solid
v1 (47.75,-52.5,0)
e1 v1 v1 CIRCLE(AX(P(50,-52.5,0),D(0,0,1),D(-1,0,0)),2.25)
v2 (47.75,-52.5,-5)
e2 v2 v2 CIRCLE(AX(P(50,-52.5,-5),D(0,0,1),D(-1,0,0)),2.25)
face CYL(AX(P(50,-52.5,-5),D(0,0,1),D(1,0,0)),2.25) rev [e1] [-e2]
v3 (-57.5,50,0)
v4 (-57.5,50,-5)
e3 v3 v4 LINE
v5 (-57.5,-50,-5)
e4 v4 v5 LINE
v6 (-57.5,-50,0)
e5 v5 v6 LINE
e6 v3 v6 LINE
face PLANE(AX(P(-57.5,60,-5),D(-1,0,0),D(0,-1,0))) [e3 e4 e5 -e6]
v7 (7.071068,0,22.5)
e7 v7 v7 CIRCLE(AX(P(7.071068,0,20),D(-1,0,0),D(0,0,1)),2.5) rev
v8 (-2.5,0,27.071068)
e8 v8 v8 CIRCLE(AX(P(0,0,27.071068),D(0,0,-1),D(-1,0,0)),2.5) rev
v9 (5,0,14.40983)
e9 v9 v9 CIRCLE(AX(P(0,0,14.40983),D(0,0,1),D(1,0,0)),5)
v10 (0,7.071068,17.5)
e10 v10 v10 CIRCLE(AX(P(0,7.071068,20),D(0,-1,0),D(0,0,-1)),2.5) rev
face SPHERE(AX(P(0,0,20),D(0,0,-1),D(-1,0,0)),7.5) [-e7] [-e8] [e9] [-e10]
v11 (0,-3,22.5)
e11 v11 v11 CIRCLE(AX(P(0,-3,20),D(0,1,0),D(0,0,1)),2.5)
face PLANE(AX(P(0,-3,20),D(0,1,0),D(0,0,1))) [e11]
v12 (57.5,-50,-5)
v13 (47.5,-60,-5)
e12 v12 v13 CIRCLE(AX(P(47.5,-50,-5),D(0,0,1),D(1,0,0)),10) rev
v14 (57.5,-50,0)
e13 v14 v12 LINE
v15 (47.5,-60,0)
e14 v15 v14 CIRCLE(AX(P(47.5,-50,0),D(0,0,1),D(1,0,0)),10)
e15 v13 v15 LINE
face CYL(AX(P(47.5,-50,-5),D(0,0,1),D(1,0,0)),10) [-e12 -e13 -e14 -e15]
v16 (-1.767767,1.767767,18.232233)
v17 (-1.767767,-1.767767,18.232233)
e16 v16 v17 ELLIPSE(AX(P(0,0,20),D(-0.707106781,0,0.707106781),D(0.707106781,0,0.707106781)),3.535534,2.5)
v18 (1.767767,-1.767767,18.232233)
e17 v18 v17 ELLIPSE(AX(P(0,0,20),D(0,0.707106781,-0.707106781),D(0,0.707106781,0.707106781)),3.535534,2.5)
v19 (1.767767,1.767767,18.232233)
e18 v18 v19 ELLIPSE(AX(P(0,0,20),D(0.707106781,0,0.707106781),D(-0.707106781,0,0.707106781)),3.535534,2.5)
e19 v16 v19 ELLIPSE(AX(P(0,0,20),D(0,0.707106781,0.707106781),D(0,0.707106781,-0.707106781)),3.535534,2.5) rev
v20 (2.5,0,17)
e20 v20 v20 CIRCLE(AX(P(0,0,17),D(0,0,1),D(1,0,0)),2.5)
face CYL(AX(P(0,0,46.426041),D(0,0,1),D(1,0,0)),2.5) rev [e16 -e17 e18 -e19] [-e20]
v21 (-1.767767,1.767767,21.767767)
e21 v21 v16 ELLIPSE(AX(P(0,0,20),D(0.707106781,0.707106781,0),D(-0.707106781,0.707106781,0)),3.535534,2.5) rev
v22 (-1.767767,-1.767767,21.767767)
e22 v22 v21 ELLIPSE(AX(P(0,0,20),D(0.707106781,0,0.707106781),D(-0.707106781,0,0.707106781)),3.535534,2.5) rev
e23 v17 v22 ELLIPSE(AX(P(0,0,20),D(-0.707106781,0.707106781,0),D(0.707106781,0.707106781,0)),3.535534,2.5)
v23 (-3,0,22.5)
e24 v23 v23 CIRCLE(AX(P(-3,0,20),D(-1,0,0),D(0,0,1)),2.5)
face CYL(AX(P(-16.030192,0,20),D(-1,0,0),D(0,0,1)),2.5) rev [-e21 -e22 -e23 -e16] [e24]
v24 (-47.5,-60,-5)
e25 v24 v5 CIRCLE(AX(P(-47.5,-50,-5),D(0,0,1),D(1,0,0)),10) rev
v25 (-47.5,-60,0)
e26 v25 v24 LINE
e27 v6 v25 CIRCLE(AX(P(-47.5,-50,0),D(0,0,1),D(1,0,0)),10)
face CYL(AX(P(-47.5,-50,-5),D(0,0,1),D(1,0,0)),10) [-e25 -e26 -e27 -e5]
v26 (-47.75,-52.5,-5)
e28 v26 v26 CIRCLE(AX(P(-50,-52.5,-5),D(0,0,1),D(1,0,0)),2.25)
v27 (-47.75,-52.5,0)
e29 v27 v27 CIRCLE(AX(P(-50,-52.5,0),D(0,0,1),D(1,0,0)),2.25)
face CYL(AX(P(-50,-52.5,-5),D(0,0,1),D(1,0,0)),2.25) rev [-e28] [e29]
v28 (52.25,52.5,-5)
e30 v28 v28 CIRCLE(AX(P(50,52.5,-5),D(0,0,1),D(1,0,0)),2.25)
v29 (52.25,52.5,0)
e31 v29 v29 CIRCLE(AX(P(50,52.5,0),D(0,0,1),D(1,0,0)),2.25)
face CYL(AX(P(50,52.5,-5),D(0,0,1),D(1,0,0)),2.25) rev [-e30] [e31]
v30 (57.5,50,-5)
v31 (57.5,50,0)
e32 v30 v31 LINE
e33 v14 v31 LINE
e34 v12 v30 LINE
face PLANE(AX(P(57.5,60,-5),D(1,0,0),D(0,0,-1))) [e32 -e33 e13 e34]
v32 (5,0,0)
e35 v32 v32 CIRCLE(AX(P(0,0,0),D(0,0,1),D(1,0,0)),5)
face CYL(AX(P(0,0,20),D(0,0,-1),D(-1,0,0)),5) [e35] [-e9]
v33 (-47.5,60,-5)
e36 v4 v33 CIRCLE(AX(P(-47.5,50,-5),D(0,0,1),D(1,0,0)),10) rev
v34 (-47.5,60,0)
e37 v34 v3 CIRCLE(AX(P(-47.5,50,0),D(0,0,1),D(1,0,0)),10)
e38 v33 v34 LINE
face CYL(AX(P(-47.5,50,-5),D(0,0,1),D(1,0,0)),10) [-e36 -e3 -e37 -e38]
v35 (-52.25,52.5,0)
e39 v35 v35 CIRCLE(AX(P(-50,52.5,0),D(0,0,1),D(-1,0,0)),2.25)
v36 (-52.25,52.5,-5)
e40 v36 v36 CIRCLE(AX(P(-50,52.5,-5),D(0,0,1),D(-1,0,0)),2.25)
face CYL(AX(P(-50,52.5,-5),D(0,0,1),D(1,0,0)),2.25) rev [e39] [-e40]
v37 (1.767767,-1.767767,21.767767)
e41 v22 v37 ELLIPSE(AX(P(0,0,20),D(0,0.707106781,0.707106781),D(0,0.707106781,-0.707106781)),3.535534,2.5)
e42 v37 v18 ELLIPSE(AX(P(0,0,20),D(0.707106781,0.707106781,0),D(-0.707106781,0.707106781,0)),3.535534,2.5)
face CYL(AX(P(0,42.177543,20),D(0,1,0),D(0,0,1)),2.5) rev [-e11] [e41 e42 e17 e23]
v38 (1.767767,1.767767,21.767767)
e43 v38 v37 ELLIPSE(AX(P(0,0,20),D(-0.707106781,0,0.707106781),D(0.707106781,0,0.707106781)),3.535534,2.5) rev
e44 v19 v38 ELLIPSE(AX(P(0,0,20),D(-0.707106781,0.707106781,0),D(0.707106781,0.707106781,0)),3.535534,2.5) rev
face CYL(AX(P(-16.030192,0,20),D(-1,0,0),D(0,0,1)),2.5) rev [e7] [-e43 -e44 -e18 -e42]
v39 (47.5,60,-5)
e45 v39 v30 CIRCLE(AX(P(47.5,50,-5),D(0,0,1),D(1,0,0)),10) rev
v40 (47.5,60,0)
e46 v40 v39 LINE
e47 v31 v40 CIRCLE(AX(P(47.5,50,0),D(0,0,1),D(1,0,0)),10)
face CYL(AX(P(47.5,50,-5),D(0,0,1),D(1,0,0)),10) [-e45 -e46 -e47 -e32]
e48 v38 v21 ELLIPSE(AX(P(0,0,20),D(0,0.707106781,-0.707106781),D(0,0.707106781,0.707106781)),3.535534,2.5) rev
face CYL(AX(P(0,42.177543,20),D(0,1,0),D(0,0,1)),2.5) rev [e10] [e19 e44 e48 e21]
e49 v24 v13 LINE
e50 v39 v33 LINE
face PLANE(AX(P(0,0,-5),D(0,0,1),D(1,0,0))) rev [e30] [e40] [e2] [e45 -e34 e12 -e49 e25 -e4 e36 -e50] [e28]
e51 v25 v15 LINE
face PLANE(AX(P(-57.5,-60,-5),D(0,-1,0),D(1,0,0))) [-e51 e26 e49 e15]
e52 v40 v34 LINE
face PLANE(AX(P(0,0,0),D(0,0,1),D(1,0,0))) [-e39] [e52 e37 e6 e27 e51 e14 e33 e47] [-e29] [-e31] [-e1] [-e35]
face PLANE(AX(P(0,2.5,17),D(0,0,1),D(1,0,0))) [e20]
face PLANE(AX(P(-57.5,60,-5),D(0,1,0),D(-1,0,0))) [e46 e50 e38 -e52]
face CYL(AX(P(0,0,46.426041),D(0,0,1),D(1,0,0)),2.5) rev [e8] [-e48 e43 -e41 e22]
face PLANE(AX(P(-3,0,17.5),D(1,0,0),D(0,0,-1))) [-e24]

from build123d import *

# Parameters (mm, degrees)
SKETCH2_W           = 115
SKETCH2_H           = 120
SKETCH2_R           = 2.25
BOSS_EXTRUDE1_DEPTH = 5
SKETCH3_R           = 5
BOSS_EXTRUDE2_DEPTH = 20
SKETCH6_W           = 2.5
SKETCH6_H           = 18
SKETCH8_W           = 18
SKETCH8_H           = 2.5
SKETCH9_W           = 18
SKETCH9_H           = 2.5
FILLET1_R           = 10


with BuildPart() as part:
    # Sketch2 → Boss-Extrude1 (new body)
    with BuildSketch(Plane.XY):
        Rectangle(SKETCH2_W, SKETCH2_H)
        with Locations((50, 52.5)):
            Circle(SKETCH2_R, mode=Mode.SUBTRACT)
        with Locations((50, -52.5)):
            Circle(SKETCH2_R, mode=Mode.SUBTRACT)
        with Locations((-50, -52.5)):
            Circle(SKETCH2_R, mode=Mode.SUBTRACT)
        with Locations((-50, 52.5)):
            Circle(SKETCH2_R, mode=Mode.SUBTRACT)
    extrude(amount=-BOSS_EXTRUDE1_DEPTH)

    # Sketch3 → Boss-Extrude2 (add)
    with BuildSketch(Plane.XY):
        Circle(SKETCH3_R)
    extrude(amount=BOSS_EXTRUDE2_DEPTH)

    # Sketch4 → Revolve3 (revolve)
    with BuildSketch(Plane(origin=(0, 0, 0), x_dir=(1, 0, 0), z_dir=(0, 1, 0))):
        with BuildLine():
            Line((0, -12.5), (0, -27.5))
            ThreePointArc((0, -27.5), (7.5, -20), (0, -12.5))
        make_face()
    revolve(axis=Axis((0, 0, -22.886774461), (0, 0, 1)))

    # Sketch6 → Cut-Revolve1 (revolve, cut)
    with BuildSketch(Plane(origin=(0, 0, 0), x_dir=(0, 0, -1), z_dir=(1, 0, 0))):
        with Locations((-18.75, 6)):
            Rectangle(SKETCH6_W, SKETCH6_H)
    revolve(axis=Axis((0, 42.177542576, 20), (0, -1, 0)), mode=Mode.SUBTRACT)

    # Sketch8 → Cut-Revolve2 (revolve, cut)
    with BuildSketch(Plane(origin=(0, 0, 0), x_dir=(0, 0, -1), z_dir=(1, 0, 0))):
        with Locations((-26, 1.25)):
            Rectangle(SKETCH8_W, SKETCH8_H)
    revolve(axis=Axis((0, 0, 46.4260406), (0, 0, -1)), mode=Mode.SUBTRACT)

    # Sketch9 → Cut-Revolve3 (revolve, cut)
    with BuildSketch(Plane(origin=(0, 0, 0), x_dir=(1, 0, 0), z_dir=(0, 1, 0))):
        with Locations((6, -18.75)):
            Rectangle(SKETCH9_W, SKETCH9_H)
    revolve(axis=Axis((-16.030191757, 0, 20), (1, 0, 0)), mode=Mode.SUBTRACT)

    # Fillet1
    fillet1_edges = [part.edges().sort_by_distance(p)[0] for p in [
        (-57.5, 60, -2.5),
        (57.5, 60, -2.5),
        (57.5, -60, -2.5),
        (-57.5, -60, -2.5),
    ]]
    fillet(fillet1_edges, radius=FILLET1_R)


solid = part.part
